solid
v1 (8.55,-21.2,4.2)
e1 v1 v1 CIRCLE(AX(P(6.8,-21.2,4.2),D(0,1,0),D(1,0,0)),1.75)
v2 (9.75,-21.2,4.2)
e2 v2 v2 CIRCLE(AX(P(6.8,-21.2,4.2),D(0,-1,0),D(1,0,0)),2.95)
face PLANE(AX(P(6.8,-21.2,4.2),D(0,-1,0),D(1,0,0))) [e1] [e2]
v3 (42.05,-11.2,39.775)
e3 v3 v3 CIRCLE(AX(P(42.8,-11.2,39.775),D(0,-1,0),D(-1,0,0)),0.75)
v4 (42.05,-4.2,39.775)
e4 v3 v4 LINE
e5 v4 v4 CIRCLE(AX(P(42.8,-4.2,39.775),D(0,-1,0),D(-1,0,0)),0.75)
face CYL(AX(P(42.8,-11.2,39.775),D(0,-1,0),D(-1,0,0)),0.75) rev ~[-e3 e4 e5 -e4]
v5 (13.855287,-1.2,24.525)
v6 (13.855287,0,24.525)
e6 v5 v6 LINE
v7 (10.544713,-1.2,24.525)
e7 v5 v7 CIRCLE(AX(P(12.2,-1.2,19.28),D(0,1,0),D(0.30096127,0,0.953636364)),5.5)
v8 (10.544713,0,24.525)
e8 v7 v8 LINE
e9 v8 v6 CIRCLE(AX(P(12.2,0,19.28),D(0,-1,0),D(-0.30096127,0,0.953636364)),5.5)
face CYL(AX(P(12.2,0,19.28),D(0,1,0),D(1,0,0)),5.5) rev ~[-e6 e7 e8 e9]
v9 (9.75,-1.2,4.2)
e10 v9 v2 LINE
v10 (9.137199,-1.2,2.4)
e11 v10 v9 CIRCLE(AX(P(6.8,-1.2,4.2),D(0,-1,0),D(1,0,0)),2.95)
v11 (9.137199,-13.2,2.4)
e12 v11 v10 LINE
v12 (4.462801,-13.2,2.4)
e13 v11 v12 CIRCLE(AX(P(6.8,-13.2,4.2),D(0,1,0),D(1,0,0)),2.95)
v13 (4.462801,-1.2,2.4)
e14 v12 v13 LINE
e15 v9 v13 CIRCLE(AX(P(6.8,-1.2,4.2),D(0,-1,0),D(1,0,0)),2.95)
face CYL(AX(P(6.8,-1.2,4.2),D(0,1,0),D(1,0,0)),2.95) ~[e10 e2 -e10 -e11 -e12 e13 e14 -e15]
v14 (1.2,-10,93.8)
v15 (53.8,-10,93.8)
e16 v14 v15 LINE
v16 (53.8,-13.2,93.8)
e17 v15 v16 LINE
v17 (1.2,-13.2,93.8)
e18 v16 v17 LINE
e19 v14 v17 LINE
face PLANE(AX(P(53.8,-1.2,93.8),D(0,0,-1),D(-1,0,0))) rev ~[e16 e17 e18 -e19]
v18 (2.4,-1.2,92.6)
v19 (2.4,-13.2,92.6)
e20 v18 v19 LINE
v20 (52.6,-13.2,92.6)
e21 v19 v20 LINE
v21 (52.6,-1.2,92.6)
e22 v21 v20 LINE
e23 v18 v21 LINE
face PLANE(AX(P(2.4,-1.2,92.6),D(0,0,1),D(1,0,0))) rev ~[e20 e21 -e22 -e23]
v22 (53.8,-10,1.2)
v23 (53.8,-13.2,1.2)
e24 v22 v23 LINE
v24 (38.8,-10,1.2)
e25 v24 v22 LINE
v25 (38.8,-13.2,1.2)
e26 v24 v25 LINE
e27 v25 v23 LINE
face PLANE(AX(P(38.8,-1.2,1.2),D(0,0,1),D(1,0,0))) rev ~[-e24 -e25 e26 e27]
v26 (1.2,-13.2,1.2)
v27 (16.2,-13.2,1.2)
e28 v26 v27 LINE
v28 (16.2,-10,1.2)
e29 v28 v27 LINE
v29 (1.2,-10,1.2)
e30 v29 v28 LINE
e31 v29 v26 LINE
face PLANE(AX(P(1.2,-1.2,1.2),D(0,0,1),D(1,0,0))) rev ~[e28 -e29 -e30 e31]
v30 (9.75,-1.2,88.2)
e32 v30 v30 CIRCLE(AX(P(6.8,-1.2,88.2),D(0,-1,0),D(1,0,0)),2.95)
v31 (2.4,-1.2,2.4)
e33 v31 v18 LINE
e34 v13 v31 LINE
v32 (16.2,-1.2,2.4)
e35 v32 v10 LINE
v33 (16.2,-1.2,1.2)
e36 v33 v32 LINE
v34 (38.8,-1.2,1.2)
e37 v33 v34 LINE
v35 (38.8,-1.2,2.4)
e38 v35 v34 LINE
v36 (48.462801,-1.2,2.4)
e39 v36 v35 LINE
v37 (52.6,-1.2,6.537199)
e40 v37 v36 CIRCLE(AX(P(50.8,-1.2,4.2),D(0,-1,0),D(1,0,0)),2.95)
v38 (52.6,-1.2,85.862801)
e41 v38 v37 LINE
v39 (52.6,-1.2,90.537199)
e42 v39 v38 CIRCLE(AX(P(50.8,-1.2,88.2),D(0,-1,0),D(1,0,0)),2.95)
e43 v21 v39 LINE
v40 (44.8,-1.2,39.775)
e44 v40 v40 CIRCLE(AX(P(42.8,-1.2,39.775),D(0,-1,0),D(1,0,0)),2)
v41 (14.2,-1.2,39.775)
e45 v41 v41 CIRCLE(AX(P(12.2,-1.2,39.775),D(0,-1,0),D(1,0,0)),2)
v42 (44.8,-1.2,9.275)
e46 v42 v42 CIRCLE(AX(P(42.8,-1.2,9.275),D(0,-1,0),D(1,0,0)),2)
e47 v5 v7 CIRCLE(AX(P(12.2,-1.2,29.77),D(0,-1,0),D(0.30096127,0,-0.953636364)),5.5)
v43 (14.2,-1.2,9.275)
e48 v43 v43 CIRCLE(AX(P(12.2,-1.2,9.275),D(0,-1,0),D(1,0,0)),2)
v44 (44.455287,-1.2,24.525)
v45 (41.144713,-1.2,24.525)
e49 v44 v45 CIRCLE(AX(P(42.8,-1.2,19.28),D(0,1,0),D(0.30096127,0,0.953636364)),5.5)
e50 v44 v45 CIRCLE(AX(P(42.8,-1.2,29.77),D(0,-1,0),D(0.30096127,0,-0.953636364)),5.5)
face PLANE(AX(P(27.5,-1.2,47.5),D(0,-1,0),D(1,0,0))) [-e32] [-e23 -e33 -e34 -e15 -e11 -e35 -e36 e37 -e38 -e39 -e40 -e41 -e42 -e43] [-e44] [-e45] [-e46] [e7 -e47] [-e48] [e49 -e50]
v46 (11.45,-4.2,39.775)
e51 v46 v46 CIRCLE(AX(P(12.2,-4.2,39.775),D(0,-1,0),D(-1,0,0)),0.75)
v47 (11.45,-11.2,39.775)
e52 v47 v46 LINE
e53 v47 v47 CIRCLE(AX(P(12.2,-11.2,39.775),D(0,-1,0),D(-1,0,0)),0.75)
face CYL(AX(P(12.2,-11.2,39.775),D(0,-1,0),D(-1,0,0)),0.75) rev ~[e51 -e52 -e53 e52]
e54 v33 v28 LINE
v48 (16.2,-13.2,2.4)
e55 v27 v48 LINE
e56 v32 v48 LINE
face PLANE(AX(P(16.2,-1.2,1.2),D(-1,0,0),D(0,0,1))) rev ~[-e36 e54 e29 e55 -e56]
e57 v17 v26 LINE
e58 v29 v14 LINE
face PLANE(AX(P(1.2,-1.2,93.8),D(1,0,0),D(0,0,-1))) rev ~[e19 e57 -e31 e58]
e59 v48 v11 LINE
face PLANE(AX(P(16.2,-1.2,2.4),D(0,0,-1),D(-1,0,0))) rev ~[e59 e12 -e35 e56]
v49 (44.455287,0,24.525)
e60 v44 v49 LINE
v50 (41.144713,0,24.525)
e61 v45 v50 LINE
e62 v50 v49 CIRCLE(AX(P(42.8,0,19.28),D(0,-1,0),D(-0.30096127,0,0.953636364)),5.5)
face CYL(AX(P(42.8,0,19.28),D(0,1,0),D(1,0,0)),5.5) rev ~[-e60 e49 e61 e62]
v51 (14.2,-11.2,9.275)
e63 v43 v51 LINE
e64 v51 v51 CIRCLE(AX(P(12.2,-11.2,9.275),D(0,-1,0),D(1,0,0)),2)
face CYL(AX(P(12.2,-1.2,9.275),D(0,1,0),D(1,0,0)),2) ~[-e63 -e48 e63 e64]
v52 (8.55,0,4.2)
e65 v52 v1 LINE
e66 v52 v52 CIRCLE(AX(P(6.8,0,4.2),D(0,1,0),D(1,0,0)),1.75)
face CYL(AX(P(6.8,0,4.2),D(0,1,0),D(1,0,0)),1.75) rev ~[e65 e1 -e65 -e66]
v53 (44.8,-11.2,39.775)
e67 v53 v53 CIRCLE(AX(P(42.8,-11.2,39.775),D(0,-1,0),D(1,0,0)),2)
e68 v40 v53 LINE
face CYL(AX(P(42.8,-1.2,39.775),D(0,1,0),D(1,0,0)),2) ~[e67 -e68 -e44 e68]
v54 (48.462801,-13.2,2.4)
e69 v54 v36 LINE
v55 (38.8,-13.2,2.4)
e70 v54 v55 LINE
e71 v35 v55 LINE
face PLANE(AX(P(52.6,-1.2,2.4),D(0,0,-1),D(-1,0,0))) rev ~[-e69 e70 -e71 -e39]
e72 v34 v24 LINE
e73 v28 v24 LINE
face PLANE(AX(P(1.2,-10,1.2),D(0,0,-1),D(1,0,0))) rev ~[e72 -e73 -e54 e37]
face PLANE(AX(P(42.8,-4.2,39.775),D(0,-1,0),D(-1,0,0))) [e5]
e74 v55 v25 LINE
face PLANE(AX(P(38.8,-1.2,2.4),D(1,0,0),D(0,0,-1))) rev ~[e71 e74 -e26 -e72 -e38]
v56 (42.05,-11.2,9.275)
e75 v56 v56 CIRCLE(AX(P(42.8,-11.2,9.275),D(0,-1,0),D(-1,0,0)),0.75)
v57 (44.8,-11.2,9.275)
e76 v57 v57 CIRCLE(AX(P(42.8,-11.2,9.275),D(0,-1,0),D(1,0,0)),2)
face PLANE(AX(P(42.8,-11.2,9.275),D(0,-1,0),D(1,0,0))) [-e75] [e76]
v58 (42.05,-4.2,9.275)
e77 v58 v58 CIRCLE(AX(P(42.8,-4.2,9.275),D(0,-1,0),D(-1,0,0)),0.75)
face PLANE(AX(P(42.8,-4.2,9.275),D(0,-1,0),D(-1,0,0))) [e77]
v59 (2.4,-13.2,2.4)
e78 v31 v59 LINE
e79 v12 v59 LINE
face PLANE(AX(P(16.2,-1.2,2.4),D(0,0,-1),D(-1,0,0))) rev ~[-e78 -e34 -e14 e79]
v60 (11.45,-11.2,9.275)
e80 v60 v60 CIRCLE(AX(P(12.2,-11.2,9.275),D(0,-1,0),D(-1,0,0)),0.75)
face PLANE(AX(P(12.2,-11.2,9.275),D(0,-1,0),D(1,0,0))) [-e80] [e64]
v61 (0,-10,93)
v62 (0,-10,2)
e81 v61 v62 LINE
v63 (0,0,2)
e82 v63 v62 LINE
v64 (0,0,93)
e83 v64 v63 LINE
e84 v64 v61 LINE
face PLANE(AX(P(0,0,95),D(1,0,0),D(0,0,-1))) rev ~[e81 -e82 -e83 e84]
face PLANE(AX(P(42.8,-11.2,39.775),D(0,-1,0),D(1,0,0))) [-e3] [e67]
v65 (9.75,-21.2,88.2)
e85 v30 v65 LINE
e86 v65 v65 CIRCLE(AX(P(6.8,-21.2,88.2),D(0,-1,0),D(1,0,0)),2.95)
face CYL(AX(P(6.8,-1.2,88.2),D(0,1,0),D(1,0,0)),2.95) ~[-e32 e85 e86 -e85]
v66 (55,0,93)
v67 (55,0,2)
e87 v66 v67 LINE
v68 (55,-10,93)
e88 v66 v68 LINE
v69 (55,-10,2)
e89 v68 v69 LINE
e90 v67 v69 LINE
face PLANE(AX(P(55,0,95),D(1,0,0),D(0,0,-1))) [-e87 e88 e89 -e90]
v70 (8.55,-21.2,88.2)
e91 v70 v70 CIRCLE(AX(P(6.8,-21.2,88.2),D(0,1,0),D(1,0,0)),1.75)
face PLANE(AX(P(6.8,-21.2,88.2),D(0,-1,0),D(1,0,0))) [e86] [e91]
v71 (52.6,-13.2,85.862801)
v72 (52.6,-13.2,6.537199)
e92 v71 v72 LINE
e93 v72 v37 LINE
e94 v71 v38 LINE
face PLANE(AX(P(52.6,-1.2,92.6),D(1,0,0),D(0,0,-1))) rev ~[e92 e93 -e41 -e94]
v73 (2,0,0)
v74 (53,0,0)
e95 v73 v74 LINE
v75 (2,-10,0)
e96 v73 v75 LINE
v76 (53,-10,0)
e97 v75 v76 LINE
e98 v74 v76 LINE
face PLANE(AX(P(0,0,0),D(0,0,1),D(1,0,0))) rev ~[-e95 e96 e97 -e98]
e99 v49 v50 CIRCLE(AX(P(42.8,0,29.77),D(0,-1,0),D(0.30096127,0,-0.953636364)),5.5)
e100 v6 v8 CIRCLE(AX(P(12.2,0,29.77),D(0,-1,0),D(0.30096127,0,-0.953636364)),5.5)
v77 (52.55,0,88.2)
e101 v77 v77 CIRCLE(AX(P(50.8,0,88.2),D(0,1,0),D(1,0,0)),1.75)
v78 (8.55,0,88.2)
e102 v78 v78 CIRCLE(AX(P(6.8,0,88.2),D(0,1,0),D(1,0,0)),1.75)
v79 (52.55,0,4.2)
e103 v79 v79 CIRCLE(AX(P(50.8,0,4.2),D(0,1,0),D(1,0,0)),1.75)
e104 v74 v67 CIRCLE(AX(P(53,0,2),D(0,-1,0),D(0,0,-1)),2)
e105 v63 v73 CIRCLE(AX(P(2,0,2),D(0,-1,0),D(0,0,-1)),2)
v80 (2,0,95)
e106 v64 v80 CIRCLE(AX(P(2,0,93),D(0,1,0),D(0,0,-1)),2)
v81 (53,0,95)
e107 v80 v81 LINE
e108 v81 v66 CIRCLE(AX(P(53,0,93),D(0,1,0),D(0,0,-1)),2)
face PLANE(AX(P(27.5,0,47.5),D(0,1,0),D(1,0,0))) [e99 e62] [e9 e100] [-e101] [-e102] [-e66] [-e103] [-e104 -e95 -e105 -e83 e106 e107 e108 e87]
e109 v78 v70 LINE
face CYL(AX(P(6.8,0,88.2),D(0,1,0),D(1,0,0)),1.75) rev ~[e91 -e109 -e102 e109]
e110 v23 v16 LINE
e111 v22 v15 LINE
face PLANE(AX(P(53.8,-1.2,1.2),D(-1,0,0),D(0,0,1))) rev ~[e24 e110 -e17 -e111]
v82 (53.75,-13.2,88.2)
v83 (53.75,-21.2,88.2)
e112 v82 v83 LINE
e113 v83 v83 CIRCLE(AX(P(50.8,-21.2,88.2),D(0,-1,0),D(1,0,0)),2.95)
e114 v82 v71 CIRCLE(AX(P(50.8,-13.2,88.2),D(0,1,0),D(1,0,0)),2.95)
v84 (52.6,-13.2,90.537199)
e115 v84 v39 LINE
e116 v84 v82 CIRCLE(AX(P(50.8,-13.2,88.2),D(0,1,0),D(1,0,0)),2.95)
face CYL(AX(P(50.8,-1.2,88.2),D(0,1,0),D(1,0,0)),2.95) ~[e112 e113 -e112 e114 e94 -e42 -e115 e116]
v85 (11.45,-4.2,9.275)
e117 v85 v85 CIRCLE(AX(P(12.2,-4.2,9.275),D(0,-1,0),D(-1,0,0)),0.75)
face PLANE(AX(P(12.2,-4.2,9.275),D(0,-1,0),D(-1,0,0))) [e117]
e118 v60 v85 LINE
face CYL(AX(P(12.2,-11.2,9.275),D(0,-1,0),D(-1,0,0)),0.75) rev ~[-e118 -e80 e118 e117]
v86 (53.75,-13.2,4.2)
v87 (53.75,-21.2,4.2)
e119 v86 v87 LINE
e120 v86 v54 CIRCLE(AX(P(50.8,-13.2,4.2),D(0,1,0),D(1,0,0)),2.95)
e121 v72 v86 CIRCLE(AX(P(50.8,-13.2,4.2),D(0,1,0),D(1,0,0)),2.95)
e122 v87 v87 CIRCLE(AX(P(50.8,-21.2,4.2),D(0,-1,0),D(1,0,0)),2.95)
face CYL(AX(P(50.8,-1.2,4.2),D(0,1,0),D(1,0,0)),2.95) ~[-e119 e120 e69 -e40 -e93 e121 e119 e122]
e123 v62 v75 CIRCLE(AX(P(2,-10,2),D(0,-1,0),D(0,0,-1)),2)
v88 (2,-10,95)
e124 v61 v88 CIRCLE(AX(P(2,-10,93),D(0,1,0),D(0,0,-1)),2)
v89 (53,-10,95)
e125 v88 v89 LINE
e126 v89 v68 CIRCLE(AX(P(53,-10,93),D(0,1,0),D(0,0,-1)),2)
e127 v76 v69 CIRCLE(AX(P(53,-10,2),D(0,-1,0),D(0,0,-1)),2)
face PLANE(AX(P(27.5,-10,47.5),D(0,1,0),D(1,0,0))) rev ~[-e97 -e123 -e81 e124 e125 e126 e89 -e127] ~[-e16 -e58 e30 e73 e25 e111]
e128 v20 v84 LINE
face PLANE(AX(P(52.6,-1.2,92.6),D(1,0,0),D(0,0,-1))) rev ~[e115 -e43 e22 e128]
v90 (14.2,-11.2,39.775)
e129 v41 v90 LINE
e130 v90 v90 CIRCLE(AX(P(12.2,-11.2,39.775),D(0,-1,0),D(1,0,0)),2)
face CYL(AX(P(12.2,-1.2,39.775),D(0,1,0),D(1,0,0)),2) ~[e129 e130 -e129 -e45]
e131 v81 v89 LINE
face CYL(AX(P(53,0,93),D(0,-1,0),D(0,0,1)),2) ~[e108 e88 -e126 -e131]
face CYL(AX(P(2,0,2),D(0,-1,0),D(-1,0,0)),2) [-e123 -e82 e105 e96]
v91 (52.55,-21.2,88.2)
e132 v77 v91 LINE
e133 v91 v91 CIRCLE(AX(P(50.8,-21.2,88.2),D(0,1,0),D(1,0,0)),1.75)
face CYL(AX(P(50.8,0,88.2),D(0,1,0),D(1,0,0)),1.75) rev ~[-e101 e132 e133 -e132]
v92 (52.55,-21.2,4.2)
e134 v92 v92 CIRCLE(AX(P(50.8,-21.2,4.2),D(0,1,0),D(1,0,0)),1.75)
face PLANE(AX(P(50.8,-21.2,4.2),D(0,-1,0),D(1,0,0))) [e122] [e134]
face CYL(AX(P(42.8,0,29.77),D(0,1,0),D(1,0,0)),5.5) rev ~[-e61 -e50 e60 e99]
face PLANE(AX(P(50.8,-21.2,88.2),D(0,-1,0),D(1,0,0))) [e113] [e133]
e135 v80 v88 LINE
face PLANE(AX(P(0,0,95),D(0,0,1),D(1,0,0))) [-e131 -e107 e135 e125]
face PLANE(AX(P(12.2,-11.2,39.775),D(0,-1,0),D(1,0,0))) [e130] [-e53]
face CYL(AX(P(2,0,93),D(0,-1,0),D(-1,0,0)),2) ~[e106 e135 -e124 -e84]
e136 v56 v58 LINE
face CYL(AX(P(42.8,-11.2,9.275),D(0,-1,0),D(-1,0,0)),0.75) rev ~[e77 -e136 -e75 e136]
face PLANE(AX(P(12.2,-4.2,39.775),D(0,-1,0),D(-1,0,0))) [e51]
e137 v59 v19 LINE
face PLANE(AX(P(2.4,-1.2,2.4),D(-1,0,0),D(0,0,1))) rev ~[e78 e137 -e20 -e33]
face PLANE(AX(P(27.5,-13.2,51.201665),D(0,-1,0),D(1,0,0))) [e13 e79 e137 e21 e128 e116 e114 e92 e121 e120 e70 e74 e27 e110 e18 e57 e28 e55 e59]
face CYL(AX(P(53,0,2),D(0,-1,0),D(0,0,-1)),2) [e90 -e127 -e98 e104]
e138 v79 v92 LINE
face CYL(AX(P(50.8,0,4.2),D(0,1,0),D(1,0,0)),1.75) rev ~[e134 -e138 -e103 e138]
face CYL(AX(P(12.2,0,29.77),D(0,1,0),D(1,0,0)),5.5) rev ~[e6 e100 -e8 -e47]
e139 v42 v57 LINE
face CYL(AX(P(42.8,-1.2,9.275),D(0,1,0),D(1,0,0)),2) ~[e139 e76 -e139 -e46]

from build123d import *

# Parameters (mm, degrees)
SKETCH1_W           = 55
SKETCH1_H           = 95
BOSS_EXTRUDE1_DEPTH = 10
SKETCH3_W           = 52.6
SKETCH3_H           = 92.6
CUT_EXTRUDE1_DEPTH  = 8.8
FILLET1_R           = 2
CUT_EXTRUDE2_REACH  = 12
SKETCH4_R           = 5.5
CUT_EXTRUDE3_REACH  = 12
SKETCH5_R           = 5.5
SKETCH7_R           = 2.95
BOSS_EXTRUDE4_DEPTH = 20
CUT_EXTRUDE4_REACH  = 23.2
SKETCH8_R           = 1.75
BOSS_EXTRUDE5_DEPTH = 12
SKETCH11_R          = 2
BOSS_EXTRUDE6_DEPTH = 10
SKETCH12_R          = 0.75
CUT_EXTRUDE5_DEPTH  = 7


with BuildPart() as part:
    # Sketch1 → Boss-Extrude1 (new body)
    with BuildSketch(Plane(origin=(0, 0, 0), x_dir=(1, 0, 0), z_dir=(0, 1, 0))):
        with Locations((27.5, -47.5)):
            Rectangle(SKETCH1_W, SKETCH1_H)
    extrude(amount=-BOSS_EXTRUDE1_DEPTH)

    # Sketch3 → Cut-Extrude1 (cut)
    with BuildSketch(Plane.XZ.offset(10)):
        with Locations((27.5, 47.5)):
            Rectangle(SKETCH3_W, SKETCH3_H)
    extrude(amount=-CUT_EXTRUDE1_DEPTH, mode=Mode.SUBTRACT)

    # Fillet1
    fillet1_edges = [part.edges().sort_by_distance(p)[0] for p in [
        (0, -5, 0),
        (0, -5, 95),
        (55, -5, 95),
        (55, -5, 0),
    ]]
    fillet(fillet1_edges, radius=FILLET1_R)

    # Sketch4 → Cut-Extrude2 (cut, up to next)
    with BuildSketch(Plane(origin=(0, 0, 0), x_dir=(1, 0, 0), z_dir=(0, 1, 0)), mode=Mode.PRIVATE) as cut_extrude2_sk1:
        with Locations((42.8, -29.77)):
            Circle(SKETCH4_R)
    cut_extrude2_tool1 = extrude(cut_extrude2_sk1.sketch, amount=-CUT_EXTRUDE2_REACH, mode=Mode.PRIVATE) & part.part
    add(cut_extrude2_tool1.solids().sort_by_distance((42.8, 0, 29.77))[0], mode=Mode.SUBTRACT)
    # Sketch4 → Cut-Extrude2 (cut, up to next)
    with BuildSketch(Plane(origin=(0, 0, 0), x_dir=(1, 0, 0), z_dir=(0, 1, 0)), mode=Mode.PRIVATE) as cut_extrude2_sk2:
        with Locations((42.8, -19.28)):
            Circle(SKETCH4_R)
    cut_extrude2_tool2 = extrude(cut_extrude2_sk2.sketch, amount=-CUT_EXTRUDE2_REACH, mode=Mode.PRIVATE) & part.part
    add(cut_extrude2_tool2.solids().sort_by_distance((42.8, 0, 19.28))[0], mode=Mode.SUBTRACT)

    # Sketch5 → Cut-Extrude3 (cut, up to next)
    with BuildSketch(Plane(origin=(0, 0, 0), x_dir=(1, 0, 0), z_dir=(0, 1, 0)), mode=Mode.PRIVATE) as cut_extrude3_sk1:
        with Locations((12.2, -29.77)):
            Circle(SKETCH5_R)
    cut_extrude3_tool1 = extrude(cut_extrude3_sk1.sketch, amount=-CUT_EXTRUDE3_REACH, mode=Mode.PRIVATE) & part.part
    add(cut_extrude3_tool1.solids().sort_by_distance((12.2, 0, 29.77))[0], mode=Mode.SUBTRACT)
    # Sketch5 → Cut-Extrude3 (cut, up to next)
    with BuildSketch(Plane(origin=(0, 0, 0), x_dir=(1, 0, 0), z_dir=(0, 1, 0)), mode=Mode.PRIVATE) as cut_extrude3_sk2:
        with Locations((12.2, -19.28)):
            Circle(SKETCH5_R)
    cut_extrude3_tool2 = extrude(cut_extrude3_sk2.sketch, amount=-CUT_EXTRUDE3_REACH, mode=Mode.PRIVATE) & part.part
    add(cut_extrude3_tool2.solids().sort_by_distance((12.2, 0, 19.28))[0], mode=Mode.SUBTRACT)

    # Sketch7 → Boss-Extrude4 (add)
    with BuildSketch(Plane.XZ.offset(1.2)):
        with Locations((50.8, 88.2)):
            Circle(SKETCH7_R)
        with Locations((6.8, 88.2)):
            Circle(SKETCH7_R)
        with Locations((6.8, 4.2)):
            Circle(SKETCH7_R)
        with Locations((50.8, 4.2)):
            Circle(SKETCH7_R)
    extrude(amount=BOSS_EXTRUDE4_DEPTH)

    # Sketch8 → Cut-Extrude4 (cut, up to next)
    with BuildSketch(Plane(origin=(0, 0, 0), x_dir=(1, 0, 0), z_dir=(0, 1, 0)), mode=Mode.PRIVATE) as cut_extrude4_sk1:
        with Locations((6.8, -88.2)):
            Circle(SKETCH8_R)
    cut_extrude4_tool1 = extrude(cut_extrude4_sk1.sketch, amount=-CUT_EXTRUDE4_REACH, mode=Mode.PRIVATE) & part.part
    add(cut_extrude4_tool1.solids().sort_by_distance((6.8, 0, 88.2))[0], mode=Mode.SUBTRACT)
    # Sketch8 → Cut-Extrude4 (cut, up to next)
    with BuildSketch(Plane(origin=(0, 0, 0), x_dir=(1, 0, 0), z_dir=(0, 1, 0)), mode=Mode.PRIVATE) as cut_extrude4_sk2:
        with Locations((50.8, -88.2)):
            Circle(SKETCH8_R)
    cut_extrude4_tool2 = extrude(cut_extrude4_sk2.sketch, amount=-CUT_EXTRUDE4_REACH, mode=Mode.PRIVATE) & part.part
    add(cut_extrude4_tool2.solids().sort_by_distance((50.8, 0, 88.2))[0], mode=Mode.SUBTRACT)
    # Sketch8 → Cut-Extrude4 (cut, up to next)
    with BuildSketch(Plane(origin=(0, 0, 0), x_dir=(1, 0, 0), z_dir=(0, 1, 0)), mode=Mode.PRIVATE) as cut_extrude4_sk3:
        with Locations((50.8, -4.2)):
            Circle(SKETCH8_R)
    cut_extrude4_tool3 = extrude(cut_extrude4_sk3.sketch, amount=-CUT_EXTRUDE4_REACH, mode=Mode.PRIVATE) & part.part
    add(cut_extrude4_tool3.solids().sort_by_distance((50.8, 0, 4.2))[0], mode=Mode.SUBTRACT)
    # Sketch8 → Cut-Extrude4 (cut, up to next)
    with BuildSketch(Plane(origin=(0, 0, 0), x_dir=(1, 0, 0), z_dir=(0, 1, 0)), mode=Mode.PRIVATE) as cut_extrude4_sk4:
        with Locations((6.8, -4.2)):
            Circle(SKETCH8_R)
    cut_extrude4_tool4 = extrude(cut_extrude4_sk4.sketch, amount=-CUT_EXTRUDE4_REACH, mode=Mode.PRIVATE) & part.part
    add(cut_extrude4_tool4.solids().sort_by_distance((6.8, 0, 4.2))[0], mode=Mode.SUBTRACT)

    # Sketch10 → Boss-Extrude5 (add)
    with BuildSketch(Plane.XZ.offset(1.2)):
        Polygon((1.2, 93.8), (1.2, 1.2), (16.2, 1.2), (16.2, 2.4), (2.4, 2.4), (2.4, 92.6), (52.6, 92.6), (52.6, 2.4), (38.8, 2.4), (38.8, 1.2), (53.8, 1.2), (53.8, 93.8), align=None)
    extrude(amount=BOSS_EXTRUDE5_DEPTH)

    # Sketch11 → Boss-Extrude6 (add)
    with BuildSketch(Plane.XZ.offset(1.2)):
        with Locations((12.2, 9.275)):
            Circle(SKETCH11_R)
        with Locations((42.8, 9.275)):
            Circle(SKETCH11_R)
        with Locations((12.2, 39.775)):
            Circle(SKETCH11_R)
        with Locations((42.8, 39.775)):
            Circle(SKETCH11_R)
    extrude(amount=BOSS_EXTRUDE6_DEPTH)

    # Sketch12 → Cut-Extrude5 (cut)
    with BuildSketch(Plane(origin=(0, -11.2, 0), x_dir=(-1, 0, 0), z_dir=(0, -1, 0))):
        with Locations((-42.8, -39.775)):
            Circle(SKETCH12_R)
        with Locations((-12.2, -39.775)):
            Circle(SKETCH12_R)
        with Locations((-42.8, -9.275)):
            Circle(SKETCH12_R)
        with Locations((-12.2, -9.275)):
            Circle(SKETCH12_R)
    extrude(amount=-CUT_EXTRUDE5_DEPTH, mode=Mode.SUBTRACT)


solid = part.part
